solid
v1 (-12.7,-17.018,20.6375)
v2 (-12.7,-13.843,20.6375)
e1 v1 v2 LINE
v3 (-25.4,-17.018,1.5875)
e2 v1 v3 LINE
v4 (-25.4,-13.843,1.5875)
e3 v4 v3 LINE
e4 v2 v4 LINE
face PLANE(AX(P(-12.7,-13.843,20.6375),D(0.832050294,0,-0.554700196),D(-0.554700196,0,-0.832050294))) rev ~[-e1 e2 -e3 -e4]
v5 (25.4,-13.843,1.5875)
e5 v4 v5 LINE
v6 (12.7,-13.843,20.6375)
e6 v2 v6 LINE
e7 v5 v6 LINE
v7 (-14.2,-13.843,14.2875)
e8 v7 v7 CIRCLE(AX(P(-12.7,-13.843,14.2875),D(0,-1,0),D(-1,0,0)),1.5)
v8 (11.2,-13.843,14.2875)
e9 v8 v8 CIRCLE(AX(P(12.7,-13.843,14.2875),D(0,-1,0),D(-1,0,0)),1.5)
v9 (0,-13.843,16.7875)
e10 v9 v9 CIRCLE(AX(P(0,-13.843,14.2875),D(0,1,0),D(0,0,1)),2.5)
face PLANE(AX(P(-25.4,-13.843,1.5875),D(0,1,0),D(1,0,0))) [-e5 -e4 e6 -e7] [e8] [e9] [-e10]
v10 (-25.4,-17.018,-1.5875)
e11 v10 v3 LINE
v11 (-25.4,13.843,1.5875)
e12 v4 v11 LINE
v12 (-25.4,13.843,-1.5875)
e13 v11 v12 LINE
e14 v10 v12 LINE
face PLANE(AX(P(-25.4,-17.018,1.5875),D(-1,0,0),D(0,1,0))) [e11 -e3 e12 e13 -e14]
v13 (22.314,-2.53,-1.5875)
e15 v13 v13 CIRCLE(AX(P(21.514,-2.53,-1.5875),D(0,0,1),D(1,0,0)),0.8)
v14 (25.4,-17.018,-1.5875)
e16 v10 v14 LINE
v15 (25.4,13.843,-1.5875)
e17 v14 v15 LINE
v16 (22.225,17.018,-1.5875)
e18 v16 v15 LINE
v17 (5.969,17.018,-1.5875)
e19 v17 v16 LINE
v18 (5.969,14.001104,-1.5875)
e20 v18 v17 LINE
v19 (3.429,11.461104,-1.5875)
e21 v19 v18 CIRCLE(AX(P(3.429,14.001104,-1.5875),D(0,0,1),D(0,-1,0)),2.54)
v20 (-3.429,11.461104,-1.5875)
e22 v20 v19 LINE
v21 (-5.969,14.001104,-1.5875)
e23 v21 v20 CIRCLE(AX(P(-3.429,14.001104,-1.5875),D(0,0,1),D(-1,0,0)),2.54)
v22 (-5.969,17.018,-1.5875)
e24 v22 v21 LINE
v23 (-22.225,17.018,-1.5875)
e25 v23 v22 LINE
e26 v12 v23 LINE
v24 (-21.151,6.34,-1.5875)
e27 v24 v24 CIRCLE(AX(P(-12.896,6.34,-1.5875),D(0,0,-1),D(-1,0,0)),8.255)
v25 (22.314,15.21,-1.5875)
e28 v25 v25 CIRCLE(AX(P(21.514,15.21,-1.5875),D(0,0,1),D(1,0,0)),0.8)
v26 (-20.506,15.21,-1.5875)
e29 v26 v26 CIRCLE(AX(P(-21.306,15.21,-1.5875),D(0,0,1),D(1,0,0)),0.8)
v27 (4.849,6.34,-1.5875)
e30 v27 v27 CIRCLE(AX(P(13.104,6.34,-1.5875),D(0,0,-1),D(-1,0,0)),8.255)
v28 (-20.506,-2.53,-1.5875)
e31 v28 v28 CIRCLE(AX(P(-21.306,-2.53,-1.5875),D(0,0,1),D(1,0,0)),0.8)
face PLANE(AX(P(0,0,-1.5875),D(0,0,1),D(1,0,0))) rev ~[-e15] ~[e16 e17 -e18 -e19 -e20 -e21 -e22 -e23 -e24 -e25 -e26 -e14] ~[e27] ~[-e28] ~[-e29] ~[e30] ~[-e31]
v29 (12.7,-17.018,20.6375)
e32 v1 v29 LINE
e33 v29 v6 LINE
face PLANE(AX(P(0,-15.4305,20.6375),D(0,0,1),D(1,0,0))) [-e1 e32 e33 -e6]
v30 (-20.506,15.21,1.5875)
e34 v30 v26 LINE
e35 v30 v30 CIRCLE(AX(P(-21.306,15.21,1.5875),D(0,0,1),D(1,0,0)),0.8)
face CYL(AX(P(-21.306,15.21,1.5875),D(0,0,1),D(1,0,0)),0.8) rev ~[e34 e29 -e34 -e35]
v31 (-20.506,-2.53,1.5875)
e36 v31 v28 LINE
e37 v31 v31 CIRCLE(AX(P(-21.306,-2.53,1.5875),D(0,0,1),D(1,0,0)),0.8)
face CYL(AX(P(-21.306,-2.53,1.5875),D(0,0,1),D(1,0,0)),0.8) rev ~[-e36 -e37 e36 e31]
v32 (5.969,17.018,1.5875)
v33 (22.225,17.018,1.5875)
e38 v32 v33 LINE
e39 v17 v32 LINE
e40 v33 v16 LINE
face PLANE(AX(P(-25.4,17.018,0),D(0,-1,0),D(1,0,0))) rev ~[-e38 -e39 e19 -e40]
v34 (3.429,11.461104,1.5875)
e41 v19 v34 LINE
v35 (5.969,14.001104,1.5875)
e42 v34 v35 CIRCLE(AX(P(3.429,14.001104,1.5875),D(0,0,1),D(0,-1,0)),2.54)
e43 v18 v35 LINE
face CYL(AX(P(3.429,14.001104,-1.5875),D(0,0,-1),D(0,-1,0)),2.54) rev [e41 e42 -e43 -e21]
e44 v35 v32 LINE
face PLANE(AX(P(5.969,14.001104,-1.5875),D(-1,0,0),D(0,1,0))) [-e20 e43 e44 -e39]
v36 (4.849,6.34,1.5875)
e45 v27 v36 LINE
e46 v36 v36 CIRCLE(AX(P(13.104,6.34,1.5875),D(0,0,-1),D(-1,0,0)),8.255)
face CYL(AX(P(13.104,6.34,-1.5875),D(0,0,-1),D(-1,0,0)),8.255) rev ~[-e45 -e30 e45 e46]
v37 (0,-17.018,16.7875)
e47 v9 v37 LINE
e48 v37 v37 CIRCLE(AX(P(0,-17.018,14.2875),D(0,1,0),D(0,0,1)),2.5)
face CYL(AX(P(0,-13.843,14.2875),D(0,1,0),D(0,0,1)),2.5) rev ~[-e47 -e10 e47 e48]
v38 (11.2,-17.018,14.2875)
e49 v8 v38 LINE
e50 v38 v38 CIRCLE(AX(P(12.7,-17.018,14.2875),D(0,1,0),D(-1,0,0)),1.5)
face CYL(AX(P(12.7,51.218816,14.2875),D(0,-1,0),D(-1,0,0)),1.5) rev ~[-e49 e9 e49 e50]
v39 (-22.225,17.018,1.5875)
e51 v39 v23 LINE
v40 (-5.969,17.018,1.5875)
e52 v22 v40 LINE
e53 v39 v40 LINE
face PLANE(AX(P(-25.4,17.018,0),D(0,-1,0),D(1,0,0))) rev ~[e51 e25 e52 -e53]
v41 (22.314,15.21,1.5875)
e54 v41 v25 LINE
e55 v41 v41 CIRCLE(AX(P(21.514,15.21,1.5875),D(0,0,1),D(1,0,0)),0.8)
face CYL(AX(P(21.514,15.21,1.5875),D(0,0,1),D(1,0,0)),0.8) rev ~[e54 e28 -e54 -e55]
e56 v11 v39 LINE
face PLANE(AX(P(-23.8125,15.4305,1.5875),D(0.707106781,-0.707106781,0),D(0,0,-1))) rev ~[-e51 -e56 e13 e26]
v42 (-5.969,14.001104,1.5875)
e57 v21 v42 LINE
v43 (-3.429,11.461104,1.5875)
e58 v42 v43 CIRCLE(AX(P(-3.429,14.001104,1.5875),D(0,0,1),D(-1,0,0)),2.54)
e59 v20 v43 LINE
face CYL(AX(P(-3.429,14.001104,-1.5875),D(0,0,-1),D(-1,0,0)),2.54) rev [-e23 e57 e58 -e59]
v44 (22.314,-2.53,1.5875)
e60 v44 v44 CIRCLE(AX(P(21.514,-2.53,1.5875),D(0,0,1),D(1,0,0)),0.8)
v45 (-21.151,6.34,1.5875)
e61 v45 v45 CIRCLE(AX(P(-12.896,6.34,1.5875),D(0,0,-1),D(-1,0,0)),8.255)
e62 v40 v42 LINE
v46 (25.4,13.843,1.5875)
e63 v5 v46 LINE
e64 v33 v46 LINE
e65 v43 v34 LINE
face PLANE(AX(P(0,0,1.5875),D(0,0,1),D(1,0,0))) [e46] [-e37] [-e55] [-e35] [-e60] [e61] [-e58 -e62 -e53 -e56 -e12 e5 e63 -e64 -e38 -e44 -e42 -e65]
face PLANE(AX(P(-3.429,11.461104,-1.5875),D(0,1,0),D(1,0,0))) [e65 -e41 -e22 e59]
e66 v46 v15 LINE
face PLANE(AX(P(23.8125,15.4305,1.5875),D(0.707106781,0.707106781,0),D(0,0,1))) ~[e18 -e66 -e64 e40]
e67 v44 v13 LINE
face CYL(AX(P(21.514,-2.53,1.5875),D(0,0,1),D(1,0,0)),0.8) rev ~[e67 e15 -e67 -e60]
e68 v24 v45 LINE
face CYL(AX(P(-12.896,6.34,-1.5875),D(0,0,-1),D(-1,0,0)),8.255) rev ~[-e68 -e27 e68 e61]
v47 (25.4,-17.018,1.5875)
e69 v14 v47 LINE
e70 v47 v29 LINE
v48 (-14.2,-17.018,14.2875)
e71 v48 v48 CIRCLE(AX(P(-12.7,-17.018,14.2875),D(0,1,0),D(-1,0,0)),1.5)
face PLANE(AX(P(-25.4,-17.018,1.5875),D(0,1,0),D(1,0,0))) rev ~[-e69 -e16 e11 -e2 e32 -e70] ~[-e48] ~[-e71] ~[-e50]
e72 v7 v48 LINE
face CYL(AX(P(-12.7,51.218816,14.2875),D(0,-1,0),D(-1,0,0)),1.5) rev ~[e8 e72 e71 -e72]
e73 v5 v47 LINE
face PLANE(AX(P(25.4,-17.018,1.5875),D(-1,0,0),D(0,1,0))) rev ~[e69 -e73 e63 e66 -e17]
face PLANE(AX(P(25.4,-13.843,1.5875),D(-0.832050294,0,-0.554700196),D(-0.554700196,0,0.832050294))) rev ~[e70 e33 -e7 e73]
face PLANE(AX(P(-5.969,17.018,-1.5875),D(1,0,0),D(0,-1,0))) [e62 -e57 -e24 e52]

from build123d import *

# Parameters (mm, degrees)
SKETCH1_W             = 50.8
SKETCH1_H             = 34.036
BOSS_EXTRUDE1_DEPTH   = 1.5875
SKETCH2_W             = 50.8
SKETCH2_H             = 3.175
BOSS_EXTRUDE2_DEPTH   = 19.05
CHAMFER1_SIZE         = 12.7
F_3_0MM_DOWEL_HOLE1_D = 3
CHAMFER2_SIZE         = 3.175
CUT_EXTRUDE1_DEPTH    = 3.175
SKETCH7_R             = 8.255
CUT_EXTRUDE3_DEPTH    = 3.175
SKETCH8_R             = 8.255
CUT_EXTRUDE4_DEPTH    = 3.175
SKETCH9_R             = 0.8
CUT_EXTRUDE5_DEPTH    = 3.175
CUT_EXTRUDE6_DEPTH    = 3.175
SKETCH13_R            = 2.5
SKETCH13_R_2          = 1.5
CUT_EXTRUDE7_DEPTH    = 45.982971525


with BuildPart() as part:
    # Sketch1 → Boss-Extrude1 (new, symmetric)
    with BuildSketch(Plane.XY):
        Rectangle(SKETCH1_W, SKETCH1_H)
    extrude(amount=BOSS_EXTRUDE1_DEPTH, both=True)

    # Sketch2 → Boss-Extrude2 (add)
    with BuildSketch(Plane.XY.offset(1.5875)):
        with Locations((0, -15.4305)):
            Rectangle(SKETCH2_W, SKETCH2_H)
    extrude(amount=BOSS_EXTRUDE2_DEPTH)

    # Chamfer1
    chamfer1_edges = [part.edges().sort_by_distance(p)[0] for p in [
        (-25.4, -15.4305, 20.6375),
        (25.4, -15.4305, 20.6375),
    ]]
    chamfer(chamfer1_edges, length=CHAMFER1_SIZE)

    # Ø3.0mm Dowel Hole1 (through all)
    with Locations(Plane(origin=(0, -13.843, 0), x_dir=(1, 0, 0), z_dir=(0, 1, 0))):
        with Locations((-12.7, -14.2875), (12.7, -14.2875)):
            Hole(F_3_0MM_DOWEL_HOLE1_D / 2)

    # Chamfer2
    chamfer2_edges = [part.edges().sort_by_distance(p)[0] for p in [
        (25.4, 17.018, 0),
        (-25.4, 17.018, 0),
    ]]
    chamfer(chamfer2_edges, length=CHAMFER2_SIZE)

    # Sketch5 → Cut-Extrude1 (cut)
    with BuildSketch(Plane(origin=(0, 0, -1.5875), x_dir=(-1, 0, 0), z_dir=(0, 0, -1))):
        with BuildLine():
            Line((-5.969, 14.001104381), (-5.969, 17.018))
            Line((-5.969, 17.018), (5.969, 17.018))
            Line((5.969, 17.018), (5.969, 14.001104381))
            ThreePointArc((5.969, 14.001104381), (5.225051224, 12.205053157), (3.429, 11.461104381))
            Line((3.429, 11.461104381), (-3.429, 11.461104381))
            ThreePointArc((-3.429, 11.461104381), (-5.225051224, 12.205053157), (-5.969, 14.001104381))
        make_face()
    extrude(amount=-CUT_EXTRUDE1_DEPTH, mode=Mode.SUBTRACT)

    # Sketch7 → Cut-Extrude3 (cut)
    with BuildSketch(Plane(origin=(0, 0, -1.5875), x_dir=(-1, 0, 0), z_dir=(0, 0, -1))):
        with Locations((12.896, 6.34)):
            Circle(SKETCH7_R)
    extrude(amount=-CUT_EXTRUDE3_DEPTH, mode=Mode.SUBTRACT)

    # Sketch8 → Cut-Extrude4 (cut)
    with BuildSketch(Plane(origin=(0, 0, -1.5875), x_dir=(-1, 0, 0), z_dir=(0, 0, -1))):
        with Locations((-13.104, 6.34)):
            Circle(SKETCH8_R)
    extrude(amount=-CUT_EXTRUDE4_DEPTH, mode=Mode.SUBTRACT)

    # Sketch9 → Cut-Extrude5 (cut)
    with BuildSketch(Plane.XY.offset(1.5875)):
        with Locations((-21.306, 15.21)):
            Circle(SKETCH9_R)
        with Locations((21.514, 15.21)):
            Circle(SKETCH9_R)
        with Locations((21.514, -2.53)):
            Circle(SKETCH9_R)
        with Locations((-21.306, -2.53)):
            Circle(SKETCH9_R)
    extrude(amount=-CUT_EXTRUDE5_DEPTH, mode=Mode.SUBTRACT)

    # Sketch11 → Cut-Extrude6 (cut)
    with BuildSketch(Plane(origin=(0, -13.843, 0), x_dir=(1, 0, 0), z_dir=(0, 1, 0))):
        Polygon((-12.7, -20.6375), (-25.4, -1.5875), (-25.4, -7.9375), align=None)
        Polygon((25.4, -1.5875), (12.7, -20.6375), (25.4, -7.9375), align=None)
    extrude(amount=-CUT_EXTRUDE6_DEPTH, mode=Mode.SUBTRACT)

    # Sketch13 → Cut-Extrude7 (cut, through all)
    with BuildSketch(Plane(origin=(0, -13.843, 0), x_dir=(1, 0, 0), z_dir=(0, 1, 0))):
        with Locations(Location((0, -14.2875, 0), (0, 0, 270))):
            Circle(SKETCH13_R)
        with Locations(Location((-12.7, -14.2875, 0), (0, 0, 270))):
            Circle(SKETCH13_R_2)
        with Locations(Location((12.7, -14.2875, 0), (0, 0, 270))):
            Circle(SKETCH13_R_2)
    extrude(amount=-CUT_EXTRUDE7_DEPTH, mode=Mode.SUBTRACT)


solid = part.part
